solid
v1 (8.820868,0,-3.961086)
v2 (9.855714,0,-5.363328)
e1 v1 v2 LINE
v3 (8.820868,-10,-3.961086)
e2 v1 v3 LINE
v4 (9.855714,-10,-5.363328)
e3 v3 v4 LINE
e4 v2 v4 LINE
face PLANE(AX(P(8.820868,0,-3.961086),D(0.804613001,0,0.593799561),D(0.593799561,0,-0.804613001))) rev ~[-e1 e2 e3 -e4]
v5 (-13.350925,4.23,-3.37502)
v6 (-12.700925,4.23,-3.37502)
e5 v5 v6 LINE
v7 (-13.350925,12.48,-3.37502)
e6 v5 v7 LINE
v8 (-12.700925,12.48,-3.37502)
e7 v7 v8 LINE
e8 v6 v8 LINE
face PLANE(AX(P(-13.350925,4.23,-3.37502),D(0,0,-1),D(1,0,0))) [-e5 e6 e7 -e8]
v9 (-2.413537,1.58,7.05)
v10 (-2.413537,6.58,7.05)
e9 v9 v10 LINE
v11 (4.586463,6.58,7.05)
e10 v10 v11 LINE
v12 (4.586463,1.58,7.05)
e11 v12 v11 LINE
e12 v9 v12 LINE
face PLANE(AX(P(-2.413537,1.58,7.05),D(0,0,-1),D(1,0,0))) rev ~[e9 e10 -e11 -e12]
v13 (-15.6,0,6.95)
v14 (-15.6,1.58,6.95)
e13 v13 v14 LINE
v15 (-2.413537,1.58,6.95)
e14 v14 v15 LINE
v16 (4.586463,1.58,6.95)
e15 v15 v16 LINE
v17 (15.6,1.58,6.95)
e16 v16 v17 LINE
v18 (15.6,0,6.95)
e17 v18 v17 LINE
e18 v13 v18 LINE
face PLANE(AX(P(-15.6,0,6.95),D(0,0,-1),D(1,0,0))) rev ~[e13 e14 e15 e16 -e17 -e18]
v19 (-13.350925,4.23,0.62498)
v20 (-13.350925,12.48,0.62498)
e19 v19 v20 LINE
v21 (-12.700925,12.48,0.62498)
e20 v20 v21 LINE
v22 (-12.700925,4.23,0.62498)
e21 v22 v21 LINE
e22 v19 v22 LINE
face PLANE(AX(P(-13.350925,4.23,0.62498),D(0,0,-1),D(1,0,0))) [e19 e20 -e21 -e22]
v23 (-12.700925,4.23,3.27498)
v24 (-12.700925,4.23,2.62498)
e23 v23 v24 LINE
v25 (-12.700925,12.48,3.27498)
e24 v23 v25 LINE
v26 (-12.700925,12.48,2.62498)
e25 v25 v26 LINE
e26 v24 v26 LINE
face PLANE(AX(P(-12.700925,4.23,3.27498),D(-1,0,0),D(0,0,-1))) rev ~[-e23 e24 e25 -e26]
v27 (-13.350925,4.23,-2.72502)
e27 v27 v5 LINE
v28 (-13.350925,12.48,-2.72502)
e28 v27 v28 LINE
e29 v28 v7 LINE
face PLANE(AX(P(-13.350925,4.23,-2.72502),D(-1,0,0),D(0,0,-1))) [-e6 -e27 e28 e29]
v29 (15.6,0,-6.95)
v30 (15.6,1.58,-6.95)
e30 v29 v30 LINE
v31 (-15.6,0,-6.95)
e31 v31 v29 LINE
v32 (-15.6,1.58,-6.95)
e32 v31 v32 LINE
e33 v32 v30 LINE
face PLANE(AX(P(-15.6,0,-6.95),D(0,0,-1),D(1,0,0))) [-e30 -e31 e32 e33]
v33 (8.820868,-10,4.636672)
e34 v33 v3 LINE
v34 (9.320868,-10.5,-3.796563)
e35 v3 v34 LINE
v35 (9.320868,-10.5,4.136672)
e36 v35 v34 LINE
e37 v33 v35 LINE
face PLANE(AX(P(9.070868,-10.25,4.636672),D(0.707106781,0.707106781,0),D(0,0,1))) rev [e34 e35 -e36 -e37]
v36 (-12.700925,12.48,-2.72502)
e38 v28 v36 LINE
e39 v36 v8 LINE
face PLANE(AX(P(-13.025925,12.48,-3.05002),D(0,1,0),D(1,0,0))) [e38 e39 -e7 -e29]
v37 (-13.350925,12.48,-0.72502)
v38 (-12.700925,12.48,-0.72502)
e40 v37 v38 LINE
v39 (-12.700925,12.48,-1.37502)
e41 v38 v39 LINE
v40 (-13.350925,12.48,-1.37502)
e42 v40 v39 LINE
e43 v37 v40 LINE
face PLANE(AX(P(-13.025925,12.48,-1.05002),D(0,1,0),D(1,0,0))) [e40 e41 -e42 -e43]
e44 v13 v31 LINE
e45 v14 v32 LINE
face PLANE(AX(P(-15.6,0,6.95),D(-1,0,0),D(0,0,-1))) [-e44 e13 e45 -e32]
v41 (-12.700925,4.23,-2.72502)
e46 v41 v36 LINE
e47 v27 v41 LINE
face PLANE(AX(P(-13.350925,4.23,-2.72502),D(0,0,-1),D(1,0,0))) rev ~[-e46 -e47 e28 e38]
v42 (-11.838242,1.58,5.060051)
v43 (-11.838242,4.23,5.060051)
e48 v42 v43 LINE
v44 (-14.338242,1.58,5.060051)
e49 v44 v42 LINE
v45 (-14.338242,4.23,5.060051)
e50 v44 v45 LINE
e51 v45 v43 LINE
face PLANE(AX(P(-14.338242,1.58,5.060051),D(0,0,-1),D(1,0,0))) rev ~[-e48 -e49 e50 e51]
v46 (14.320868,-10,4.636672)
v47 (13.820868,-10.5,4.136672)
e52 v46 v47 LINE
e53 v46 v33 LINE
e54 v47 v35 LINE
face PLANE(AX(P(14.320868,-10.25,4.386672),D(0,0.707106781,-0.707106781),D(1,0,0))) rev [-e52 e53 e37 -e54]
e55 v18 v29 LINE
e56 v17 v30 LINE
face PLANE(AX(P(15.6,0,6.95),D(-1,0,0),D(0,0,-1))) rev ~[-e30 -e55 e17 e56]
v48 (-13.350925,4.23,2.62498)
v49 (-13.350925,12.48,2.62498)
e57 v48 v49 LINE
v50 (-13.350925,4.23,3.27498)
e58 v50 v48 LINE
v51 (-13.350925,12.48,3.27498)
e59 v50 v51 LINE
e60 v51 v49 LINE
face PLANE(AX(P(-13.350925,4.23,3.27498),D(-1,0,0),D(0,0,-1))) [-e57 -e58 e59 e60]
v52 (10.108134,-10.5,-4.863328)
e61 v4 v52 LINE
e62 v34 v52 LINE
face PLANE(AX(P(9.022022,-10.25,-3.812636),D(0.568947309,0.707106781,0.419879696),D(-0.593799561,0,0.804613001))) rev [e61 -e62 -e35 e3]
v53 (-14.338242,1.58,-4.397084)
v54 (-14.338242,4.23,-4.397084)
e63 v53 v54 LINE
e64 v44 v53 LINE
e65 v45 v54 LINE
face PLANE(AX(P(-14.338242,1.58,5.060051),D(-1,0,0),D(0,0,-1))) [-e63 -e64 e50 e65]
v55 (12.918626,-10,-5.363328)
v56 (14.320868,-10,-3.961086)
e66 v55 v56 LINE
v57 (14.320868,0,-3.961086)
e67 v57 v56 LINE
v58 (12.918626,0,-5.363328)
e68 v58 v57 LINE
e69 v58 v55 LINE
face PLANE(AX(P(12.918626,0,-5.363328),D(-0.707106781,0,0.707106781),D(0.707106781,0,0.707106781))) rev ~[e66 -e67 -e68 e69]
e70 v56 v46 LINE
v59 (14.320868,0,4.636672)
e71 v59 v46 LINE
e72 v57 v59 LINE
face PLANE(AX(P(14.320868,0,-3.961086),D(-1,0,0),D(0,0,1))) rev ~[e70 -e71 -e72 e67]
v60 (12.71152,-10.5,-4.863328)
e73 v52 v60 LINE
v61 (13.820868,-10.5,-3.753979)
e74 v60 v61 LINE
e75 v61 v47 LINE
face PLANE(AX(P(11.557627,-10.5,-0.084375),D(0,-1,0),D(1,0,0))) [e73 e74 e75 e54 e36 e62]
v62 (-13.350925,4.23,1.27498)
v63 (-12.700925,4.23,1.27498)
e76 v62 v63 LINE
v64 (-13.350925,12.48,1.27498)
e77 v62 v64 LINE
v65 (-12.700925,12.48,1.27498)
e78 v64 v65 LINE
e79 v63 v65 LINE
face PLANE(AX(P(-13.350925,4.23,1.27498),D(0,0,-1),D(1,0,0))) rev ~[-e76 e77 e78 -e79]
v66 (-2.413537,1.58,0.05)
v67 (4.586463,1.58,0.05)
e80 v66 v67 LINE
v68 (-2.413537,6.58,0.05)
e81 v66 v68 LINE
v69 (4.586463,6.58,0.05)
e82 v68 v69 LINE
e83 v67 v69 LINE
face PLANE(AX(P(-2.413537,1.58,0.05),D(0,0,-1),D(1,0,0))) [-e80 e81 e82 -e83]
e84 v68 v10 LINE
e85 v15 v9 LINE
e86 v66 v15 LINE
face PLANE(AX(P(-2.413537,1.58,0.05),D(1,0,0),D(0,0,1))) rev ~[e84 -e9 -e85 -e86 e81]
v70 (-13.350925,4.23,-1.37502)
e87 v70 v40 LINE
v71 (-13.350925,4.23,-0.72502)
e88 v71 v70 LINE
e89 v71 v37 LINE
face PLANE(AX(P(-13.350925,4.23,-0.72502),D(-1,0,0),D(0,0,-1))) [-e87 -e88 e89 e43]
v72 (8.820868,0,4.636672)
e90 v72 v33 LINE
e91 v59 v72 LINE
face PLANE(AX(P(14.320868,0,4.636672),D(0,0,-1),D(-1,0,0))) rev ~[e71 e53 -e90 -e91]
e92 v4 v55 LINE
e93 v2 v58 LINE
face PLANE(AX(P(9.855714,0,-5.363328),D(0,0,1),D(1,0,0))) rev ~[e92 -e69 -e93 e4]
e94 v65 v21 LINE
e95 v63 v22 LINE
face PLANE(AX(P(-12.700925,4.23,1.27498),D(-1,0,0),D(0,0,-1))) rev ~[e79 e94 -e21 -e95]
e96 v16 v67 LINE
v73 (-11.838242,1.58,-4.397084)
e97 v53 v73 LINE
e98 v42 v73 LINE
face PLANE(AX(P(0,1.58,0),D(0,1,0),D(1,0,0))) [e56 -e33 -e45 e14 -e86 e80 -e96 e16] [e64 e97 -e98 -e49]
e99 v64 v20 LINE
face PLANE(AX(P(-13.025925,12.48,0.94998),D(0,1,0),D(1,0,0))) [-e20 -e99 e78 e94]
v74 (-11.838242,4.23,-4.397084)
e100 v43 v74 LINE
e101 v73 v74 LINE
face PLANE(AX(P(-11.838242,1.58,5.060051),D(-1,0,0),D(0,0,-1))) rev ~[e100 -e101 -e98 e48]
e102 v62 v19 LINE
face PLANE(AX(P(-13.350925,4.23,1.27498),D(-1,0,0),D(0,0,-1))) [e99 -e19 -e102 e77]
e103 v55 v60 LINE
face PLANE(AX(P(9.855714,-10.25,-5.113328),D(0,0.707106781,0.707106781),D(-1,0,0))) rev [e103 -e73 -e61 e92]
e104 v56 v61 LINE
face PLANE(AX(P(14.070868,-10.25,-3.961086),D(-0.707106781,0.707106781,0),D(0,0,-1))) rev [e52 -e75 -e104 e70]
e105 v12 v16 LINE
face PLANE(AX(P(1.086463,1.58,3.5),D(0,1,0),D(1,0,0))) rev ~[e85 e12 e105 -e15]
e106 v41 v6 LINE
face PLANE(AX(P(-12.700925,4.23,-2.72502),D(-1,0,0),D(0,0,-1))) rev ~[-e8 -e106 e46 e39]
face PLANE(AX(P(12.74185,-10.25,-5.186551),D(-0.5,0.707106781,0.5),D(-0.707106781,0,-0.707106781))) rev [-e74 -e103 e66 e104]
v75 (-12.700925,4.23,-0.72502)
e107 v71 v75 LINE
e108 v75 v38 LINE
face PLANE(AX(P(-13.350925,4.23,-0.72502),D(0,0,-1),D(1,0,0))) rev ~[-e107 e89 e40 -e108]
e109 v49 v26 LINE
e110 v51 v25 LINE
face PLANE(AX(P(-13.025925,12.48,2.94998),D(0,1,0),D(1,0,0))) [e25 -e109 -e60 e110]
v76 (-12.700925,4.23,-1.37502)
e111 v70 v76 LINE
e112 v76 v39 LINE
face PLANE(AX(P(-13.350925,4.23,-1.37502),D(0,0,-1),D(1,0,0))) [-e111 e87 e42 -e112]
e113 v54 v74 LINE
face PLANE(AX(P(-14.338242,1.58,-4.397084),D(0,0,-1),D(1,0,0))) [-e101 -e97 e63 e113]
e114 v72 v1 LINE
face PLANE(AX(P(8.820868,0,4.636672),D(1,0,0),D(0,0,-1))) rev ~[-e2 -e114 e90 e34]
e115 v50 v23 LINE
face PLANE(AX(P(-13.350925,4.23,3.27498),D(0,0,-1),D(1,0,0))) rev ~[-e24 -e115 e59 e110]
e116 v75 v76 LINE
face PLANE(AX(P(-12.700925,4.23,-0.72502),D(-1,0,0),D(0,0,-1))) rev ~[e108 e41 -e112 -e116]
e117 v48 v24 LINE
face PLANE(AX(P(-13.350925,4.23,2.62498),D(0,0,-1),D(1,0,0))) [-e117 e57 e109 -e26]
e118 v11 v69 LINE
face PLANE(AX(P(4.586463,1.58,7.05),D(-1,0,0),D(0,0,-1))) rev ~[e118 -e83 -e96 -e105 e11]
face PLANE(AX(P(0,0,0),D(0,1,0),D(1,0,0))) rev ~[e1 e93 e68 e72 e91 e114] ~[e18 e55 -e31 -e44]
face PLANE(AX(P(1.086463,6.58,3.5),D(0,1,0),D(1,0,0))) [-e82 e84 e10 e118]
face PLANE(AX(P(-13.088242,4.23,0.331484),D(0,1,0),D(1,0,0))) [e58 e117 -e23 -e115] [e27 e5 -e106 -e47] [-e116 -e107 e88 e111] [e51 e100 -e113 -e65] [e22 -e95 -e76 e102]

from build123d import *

# Parameters (mm, degrees)
ESBO_O1_W                = 31.2
ESBO_O1_H                = 13.9
RESSALTO_EXTRUS_O1_DEPTH = 1.58
ESBO_O2_W                = 7
ESBO_O2_H                = 6.9
ESBO_O2_H_2              = 0.1
RESSALTO_EXTRUS_O2_DEPTH = 5
RESSALTO_EXTRUS_O3_DEPTH = 10.5
CHANFRO1_SIZE            = 0.5
ESBO_O4_W                = 2.5
ESBO_O4_H                = 9.457135355
RESSALTO_EXTRUS_O4_DEPTH = 2.65
ESBO_O5_W                = 0.65
ESBO_O5_H                = 0.65
RESSALTO_EXTRUS_O5_DEPTH = 8.25
PADR_O_LINEAR1_COUNT     = 4
PADR_O_LINEAR1_PITCH     = 2


with BuildPart() as part:
    # Esboço1 → Ressalto-extrusão1 (new body)
    with BuildSketch(Plane(origin=(0, 0, 0), x_dir=(1, 0, 0), z_dir=(0, 1, 0))):
        Rectangle(ESBO_O1_W, ESBO_O1_H)
    extrude(amount=RESSALTO_EXTRUS_O1_DEPTH)

    # Esboço2 → Ressalto-extrusão2 (add)
    with BuildSketch(Plane(origin=(0, 1.58, 0), x_dir=(1, 0, 0), z_dir=(0, 1, 0))):
        with Locations((1.086462839, -3.5)):
            Rectangle(ESBO_O2_W, ESBO_O2_H)
        with Locations((1.086462839, -7)):
            Rectangle(ESBO_O2_W, ESBO_O2_H_2)
    extrude(amount=RESSALTO_EXTRUS_O2_DEPTH)

    # Esboço3 → Ressalto-extrusão3 (add)
    with BuildSketch(Plane.XZ):
        Polygon((12.918626435, -5.363327787), (14.320868257, -3.961085964), (14.320868257, 4.636672213), (8.820868257, 4.636672213), (8.820868257, -3.961085964), (9.855714298, -5.363327787), align=None)
    extrude(amount=RESSALTO_EXTRUS_O3_DEPTH)

    # Chanfro1
    chanfro1_edges = [part.edges().sort_by_distance(p)[0] for p in [
        (11.570868257, -10.5, 4.636672213),
        (8.820868257, -10.5, 0.337793125),
        (9.338291278, -10.5, -4.662206875),
        (11.387170366, -10.5, -5.363327787),
        (13.619747346, -10.5, -4.662206875),
        (14.320868257, -10.5, 0.337793125),
    ]]
    chamfer(chanfro1_edges, length=CHANFRO1_SIZE)

    # Esboço4 → Ressalto-extrusão4 (add)
    with BuildSketch(Plane(origin=(0, 1.58, 0), x_dir=(1, 0, 0), z_dir=(0, 1, 0))):
        with Locations((-13.088241827, -0.331483756)):
            Rectangle(ESBO_O4_W, ESBO_O4_H)
    extrude(amount=RESSALTO_EXTRUS_O4_DEPTH)

    # Esboço5 → Ressalto-extrusão5 (add)
    with BuildSketch(Plane(origin=(0, 4.23, 0), x_dir=(1, 0, 0), z_dir=(0, 1, 0))):
        with Locations((-13.025924603, 3.050020292)):
            Rectangle(ESBO_O5_W, ESBO_O5_H)
    ressalto_extrus_o5 = extrude(amount=RESSALTO_EXTRUS_O5_DEPTH)

    # Padrão linear1: Ressalto-extrusão5 ×4
    with Locations(*[(0, 0, i * PADR_O_LINEAR1_PITCH) for i in range(1, PADR_O_LINEAR1_COUNT)]):
        add(ressalto_extrus_o5)


solid = part.part
